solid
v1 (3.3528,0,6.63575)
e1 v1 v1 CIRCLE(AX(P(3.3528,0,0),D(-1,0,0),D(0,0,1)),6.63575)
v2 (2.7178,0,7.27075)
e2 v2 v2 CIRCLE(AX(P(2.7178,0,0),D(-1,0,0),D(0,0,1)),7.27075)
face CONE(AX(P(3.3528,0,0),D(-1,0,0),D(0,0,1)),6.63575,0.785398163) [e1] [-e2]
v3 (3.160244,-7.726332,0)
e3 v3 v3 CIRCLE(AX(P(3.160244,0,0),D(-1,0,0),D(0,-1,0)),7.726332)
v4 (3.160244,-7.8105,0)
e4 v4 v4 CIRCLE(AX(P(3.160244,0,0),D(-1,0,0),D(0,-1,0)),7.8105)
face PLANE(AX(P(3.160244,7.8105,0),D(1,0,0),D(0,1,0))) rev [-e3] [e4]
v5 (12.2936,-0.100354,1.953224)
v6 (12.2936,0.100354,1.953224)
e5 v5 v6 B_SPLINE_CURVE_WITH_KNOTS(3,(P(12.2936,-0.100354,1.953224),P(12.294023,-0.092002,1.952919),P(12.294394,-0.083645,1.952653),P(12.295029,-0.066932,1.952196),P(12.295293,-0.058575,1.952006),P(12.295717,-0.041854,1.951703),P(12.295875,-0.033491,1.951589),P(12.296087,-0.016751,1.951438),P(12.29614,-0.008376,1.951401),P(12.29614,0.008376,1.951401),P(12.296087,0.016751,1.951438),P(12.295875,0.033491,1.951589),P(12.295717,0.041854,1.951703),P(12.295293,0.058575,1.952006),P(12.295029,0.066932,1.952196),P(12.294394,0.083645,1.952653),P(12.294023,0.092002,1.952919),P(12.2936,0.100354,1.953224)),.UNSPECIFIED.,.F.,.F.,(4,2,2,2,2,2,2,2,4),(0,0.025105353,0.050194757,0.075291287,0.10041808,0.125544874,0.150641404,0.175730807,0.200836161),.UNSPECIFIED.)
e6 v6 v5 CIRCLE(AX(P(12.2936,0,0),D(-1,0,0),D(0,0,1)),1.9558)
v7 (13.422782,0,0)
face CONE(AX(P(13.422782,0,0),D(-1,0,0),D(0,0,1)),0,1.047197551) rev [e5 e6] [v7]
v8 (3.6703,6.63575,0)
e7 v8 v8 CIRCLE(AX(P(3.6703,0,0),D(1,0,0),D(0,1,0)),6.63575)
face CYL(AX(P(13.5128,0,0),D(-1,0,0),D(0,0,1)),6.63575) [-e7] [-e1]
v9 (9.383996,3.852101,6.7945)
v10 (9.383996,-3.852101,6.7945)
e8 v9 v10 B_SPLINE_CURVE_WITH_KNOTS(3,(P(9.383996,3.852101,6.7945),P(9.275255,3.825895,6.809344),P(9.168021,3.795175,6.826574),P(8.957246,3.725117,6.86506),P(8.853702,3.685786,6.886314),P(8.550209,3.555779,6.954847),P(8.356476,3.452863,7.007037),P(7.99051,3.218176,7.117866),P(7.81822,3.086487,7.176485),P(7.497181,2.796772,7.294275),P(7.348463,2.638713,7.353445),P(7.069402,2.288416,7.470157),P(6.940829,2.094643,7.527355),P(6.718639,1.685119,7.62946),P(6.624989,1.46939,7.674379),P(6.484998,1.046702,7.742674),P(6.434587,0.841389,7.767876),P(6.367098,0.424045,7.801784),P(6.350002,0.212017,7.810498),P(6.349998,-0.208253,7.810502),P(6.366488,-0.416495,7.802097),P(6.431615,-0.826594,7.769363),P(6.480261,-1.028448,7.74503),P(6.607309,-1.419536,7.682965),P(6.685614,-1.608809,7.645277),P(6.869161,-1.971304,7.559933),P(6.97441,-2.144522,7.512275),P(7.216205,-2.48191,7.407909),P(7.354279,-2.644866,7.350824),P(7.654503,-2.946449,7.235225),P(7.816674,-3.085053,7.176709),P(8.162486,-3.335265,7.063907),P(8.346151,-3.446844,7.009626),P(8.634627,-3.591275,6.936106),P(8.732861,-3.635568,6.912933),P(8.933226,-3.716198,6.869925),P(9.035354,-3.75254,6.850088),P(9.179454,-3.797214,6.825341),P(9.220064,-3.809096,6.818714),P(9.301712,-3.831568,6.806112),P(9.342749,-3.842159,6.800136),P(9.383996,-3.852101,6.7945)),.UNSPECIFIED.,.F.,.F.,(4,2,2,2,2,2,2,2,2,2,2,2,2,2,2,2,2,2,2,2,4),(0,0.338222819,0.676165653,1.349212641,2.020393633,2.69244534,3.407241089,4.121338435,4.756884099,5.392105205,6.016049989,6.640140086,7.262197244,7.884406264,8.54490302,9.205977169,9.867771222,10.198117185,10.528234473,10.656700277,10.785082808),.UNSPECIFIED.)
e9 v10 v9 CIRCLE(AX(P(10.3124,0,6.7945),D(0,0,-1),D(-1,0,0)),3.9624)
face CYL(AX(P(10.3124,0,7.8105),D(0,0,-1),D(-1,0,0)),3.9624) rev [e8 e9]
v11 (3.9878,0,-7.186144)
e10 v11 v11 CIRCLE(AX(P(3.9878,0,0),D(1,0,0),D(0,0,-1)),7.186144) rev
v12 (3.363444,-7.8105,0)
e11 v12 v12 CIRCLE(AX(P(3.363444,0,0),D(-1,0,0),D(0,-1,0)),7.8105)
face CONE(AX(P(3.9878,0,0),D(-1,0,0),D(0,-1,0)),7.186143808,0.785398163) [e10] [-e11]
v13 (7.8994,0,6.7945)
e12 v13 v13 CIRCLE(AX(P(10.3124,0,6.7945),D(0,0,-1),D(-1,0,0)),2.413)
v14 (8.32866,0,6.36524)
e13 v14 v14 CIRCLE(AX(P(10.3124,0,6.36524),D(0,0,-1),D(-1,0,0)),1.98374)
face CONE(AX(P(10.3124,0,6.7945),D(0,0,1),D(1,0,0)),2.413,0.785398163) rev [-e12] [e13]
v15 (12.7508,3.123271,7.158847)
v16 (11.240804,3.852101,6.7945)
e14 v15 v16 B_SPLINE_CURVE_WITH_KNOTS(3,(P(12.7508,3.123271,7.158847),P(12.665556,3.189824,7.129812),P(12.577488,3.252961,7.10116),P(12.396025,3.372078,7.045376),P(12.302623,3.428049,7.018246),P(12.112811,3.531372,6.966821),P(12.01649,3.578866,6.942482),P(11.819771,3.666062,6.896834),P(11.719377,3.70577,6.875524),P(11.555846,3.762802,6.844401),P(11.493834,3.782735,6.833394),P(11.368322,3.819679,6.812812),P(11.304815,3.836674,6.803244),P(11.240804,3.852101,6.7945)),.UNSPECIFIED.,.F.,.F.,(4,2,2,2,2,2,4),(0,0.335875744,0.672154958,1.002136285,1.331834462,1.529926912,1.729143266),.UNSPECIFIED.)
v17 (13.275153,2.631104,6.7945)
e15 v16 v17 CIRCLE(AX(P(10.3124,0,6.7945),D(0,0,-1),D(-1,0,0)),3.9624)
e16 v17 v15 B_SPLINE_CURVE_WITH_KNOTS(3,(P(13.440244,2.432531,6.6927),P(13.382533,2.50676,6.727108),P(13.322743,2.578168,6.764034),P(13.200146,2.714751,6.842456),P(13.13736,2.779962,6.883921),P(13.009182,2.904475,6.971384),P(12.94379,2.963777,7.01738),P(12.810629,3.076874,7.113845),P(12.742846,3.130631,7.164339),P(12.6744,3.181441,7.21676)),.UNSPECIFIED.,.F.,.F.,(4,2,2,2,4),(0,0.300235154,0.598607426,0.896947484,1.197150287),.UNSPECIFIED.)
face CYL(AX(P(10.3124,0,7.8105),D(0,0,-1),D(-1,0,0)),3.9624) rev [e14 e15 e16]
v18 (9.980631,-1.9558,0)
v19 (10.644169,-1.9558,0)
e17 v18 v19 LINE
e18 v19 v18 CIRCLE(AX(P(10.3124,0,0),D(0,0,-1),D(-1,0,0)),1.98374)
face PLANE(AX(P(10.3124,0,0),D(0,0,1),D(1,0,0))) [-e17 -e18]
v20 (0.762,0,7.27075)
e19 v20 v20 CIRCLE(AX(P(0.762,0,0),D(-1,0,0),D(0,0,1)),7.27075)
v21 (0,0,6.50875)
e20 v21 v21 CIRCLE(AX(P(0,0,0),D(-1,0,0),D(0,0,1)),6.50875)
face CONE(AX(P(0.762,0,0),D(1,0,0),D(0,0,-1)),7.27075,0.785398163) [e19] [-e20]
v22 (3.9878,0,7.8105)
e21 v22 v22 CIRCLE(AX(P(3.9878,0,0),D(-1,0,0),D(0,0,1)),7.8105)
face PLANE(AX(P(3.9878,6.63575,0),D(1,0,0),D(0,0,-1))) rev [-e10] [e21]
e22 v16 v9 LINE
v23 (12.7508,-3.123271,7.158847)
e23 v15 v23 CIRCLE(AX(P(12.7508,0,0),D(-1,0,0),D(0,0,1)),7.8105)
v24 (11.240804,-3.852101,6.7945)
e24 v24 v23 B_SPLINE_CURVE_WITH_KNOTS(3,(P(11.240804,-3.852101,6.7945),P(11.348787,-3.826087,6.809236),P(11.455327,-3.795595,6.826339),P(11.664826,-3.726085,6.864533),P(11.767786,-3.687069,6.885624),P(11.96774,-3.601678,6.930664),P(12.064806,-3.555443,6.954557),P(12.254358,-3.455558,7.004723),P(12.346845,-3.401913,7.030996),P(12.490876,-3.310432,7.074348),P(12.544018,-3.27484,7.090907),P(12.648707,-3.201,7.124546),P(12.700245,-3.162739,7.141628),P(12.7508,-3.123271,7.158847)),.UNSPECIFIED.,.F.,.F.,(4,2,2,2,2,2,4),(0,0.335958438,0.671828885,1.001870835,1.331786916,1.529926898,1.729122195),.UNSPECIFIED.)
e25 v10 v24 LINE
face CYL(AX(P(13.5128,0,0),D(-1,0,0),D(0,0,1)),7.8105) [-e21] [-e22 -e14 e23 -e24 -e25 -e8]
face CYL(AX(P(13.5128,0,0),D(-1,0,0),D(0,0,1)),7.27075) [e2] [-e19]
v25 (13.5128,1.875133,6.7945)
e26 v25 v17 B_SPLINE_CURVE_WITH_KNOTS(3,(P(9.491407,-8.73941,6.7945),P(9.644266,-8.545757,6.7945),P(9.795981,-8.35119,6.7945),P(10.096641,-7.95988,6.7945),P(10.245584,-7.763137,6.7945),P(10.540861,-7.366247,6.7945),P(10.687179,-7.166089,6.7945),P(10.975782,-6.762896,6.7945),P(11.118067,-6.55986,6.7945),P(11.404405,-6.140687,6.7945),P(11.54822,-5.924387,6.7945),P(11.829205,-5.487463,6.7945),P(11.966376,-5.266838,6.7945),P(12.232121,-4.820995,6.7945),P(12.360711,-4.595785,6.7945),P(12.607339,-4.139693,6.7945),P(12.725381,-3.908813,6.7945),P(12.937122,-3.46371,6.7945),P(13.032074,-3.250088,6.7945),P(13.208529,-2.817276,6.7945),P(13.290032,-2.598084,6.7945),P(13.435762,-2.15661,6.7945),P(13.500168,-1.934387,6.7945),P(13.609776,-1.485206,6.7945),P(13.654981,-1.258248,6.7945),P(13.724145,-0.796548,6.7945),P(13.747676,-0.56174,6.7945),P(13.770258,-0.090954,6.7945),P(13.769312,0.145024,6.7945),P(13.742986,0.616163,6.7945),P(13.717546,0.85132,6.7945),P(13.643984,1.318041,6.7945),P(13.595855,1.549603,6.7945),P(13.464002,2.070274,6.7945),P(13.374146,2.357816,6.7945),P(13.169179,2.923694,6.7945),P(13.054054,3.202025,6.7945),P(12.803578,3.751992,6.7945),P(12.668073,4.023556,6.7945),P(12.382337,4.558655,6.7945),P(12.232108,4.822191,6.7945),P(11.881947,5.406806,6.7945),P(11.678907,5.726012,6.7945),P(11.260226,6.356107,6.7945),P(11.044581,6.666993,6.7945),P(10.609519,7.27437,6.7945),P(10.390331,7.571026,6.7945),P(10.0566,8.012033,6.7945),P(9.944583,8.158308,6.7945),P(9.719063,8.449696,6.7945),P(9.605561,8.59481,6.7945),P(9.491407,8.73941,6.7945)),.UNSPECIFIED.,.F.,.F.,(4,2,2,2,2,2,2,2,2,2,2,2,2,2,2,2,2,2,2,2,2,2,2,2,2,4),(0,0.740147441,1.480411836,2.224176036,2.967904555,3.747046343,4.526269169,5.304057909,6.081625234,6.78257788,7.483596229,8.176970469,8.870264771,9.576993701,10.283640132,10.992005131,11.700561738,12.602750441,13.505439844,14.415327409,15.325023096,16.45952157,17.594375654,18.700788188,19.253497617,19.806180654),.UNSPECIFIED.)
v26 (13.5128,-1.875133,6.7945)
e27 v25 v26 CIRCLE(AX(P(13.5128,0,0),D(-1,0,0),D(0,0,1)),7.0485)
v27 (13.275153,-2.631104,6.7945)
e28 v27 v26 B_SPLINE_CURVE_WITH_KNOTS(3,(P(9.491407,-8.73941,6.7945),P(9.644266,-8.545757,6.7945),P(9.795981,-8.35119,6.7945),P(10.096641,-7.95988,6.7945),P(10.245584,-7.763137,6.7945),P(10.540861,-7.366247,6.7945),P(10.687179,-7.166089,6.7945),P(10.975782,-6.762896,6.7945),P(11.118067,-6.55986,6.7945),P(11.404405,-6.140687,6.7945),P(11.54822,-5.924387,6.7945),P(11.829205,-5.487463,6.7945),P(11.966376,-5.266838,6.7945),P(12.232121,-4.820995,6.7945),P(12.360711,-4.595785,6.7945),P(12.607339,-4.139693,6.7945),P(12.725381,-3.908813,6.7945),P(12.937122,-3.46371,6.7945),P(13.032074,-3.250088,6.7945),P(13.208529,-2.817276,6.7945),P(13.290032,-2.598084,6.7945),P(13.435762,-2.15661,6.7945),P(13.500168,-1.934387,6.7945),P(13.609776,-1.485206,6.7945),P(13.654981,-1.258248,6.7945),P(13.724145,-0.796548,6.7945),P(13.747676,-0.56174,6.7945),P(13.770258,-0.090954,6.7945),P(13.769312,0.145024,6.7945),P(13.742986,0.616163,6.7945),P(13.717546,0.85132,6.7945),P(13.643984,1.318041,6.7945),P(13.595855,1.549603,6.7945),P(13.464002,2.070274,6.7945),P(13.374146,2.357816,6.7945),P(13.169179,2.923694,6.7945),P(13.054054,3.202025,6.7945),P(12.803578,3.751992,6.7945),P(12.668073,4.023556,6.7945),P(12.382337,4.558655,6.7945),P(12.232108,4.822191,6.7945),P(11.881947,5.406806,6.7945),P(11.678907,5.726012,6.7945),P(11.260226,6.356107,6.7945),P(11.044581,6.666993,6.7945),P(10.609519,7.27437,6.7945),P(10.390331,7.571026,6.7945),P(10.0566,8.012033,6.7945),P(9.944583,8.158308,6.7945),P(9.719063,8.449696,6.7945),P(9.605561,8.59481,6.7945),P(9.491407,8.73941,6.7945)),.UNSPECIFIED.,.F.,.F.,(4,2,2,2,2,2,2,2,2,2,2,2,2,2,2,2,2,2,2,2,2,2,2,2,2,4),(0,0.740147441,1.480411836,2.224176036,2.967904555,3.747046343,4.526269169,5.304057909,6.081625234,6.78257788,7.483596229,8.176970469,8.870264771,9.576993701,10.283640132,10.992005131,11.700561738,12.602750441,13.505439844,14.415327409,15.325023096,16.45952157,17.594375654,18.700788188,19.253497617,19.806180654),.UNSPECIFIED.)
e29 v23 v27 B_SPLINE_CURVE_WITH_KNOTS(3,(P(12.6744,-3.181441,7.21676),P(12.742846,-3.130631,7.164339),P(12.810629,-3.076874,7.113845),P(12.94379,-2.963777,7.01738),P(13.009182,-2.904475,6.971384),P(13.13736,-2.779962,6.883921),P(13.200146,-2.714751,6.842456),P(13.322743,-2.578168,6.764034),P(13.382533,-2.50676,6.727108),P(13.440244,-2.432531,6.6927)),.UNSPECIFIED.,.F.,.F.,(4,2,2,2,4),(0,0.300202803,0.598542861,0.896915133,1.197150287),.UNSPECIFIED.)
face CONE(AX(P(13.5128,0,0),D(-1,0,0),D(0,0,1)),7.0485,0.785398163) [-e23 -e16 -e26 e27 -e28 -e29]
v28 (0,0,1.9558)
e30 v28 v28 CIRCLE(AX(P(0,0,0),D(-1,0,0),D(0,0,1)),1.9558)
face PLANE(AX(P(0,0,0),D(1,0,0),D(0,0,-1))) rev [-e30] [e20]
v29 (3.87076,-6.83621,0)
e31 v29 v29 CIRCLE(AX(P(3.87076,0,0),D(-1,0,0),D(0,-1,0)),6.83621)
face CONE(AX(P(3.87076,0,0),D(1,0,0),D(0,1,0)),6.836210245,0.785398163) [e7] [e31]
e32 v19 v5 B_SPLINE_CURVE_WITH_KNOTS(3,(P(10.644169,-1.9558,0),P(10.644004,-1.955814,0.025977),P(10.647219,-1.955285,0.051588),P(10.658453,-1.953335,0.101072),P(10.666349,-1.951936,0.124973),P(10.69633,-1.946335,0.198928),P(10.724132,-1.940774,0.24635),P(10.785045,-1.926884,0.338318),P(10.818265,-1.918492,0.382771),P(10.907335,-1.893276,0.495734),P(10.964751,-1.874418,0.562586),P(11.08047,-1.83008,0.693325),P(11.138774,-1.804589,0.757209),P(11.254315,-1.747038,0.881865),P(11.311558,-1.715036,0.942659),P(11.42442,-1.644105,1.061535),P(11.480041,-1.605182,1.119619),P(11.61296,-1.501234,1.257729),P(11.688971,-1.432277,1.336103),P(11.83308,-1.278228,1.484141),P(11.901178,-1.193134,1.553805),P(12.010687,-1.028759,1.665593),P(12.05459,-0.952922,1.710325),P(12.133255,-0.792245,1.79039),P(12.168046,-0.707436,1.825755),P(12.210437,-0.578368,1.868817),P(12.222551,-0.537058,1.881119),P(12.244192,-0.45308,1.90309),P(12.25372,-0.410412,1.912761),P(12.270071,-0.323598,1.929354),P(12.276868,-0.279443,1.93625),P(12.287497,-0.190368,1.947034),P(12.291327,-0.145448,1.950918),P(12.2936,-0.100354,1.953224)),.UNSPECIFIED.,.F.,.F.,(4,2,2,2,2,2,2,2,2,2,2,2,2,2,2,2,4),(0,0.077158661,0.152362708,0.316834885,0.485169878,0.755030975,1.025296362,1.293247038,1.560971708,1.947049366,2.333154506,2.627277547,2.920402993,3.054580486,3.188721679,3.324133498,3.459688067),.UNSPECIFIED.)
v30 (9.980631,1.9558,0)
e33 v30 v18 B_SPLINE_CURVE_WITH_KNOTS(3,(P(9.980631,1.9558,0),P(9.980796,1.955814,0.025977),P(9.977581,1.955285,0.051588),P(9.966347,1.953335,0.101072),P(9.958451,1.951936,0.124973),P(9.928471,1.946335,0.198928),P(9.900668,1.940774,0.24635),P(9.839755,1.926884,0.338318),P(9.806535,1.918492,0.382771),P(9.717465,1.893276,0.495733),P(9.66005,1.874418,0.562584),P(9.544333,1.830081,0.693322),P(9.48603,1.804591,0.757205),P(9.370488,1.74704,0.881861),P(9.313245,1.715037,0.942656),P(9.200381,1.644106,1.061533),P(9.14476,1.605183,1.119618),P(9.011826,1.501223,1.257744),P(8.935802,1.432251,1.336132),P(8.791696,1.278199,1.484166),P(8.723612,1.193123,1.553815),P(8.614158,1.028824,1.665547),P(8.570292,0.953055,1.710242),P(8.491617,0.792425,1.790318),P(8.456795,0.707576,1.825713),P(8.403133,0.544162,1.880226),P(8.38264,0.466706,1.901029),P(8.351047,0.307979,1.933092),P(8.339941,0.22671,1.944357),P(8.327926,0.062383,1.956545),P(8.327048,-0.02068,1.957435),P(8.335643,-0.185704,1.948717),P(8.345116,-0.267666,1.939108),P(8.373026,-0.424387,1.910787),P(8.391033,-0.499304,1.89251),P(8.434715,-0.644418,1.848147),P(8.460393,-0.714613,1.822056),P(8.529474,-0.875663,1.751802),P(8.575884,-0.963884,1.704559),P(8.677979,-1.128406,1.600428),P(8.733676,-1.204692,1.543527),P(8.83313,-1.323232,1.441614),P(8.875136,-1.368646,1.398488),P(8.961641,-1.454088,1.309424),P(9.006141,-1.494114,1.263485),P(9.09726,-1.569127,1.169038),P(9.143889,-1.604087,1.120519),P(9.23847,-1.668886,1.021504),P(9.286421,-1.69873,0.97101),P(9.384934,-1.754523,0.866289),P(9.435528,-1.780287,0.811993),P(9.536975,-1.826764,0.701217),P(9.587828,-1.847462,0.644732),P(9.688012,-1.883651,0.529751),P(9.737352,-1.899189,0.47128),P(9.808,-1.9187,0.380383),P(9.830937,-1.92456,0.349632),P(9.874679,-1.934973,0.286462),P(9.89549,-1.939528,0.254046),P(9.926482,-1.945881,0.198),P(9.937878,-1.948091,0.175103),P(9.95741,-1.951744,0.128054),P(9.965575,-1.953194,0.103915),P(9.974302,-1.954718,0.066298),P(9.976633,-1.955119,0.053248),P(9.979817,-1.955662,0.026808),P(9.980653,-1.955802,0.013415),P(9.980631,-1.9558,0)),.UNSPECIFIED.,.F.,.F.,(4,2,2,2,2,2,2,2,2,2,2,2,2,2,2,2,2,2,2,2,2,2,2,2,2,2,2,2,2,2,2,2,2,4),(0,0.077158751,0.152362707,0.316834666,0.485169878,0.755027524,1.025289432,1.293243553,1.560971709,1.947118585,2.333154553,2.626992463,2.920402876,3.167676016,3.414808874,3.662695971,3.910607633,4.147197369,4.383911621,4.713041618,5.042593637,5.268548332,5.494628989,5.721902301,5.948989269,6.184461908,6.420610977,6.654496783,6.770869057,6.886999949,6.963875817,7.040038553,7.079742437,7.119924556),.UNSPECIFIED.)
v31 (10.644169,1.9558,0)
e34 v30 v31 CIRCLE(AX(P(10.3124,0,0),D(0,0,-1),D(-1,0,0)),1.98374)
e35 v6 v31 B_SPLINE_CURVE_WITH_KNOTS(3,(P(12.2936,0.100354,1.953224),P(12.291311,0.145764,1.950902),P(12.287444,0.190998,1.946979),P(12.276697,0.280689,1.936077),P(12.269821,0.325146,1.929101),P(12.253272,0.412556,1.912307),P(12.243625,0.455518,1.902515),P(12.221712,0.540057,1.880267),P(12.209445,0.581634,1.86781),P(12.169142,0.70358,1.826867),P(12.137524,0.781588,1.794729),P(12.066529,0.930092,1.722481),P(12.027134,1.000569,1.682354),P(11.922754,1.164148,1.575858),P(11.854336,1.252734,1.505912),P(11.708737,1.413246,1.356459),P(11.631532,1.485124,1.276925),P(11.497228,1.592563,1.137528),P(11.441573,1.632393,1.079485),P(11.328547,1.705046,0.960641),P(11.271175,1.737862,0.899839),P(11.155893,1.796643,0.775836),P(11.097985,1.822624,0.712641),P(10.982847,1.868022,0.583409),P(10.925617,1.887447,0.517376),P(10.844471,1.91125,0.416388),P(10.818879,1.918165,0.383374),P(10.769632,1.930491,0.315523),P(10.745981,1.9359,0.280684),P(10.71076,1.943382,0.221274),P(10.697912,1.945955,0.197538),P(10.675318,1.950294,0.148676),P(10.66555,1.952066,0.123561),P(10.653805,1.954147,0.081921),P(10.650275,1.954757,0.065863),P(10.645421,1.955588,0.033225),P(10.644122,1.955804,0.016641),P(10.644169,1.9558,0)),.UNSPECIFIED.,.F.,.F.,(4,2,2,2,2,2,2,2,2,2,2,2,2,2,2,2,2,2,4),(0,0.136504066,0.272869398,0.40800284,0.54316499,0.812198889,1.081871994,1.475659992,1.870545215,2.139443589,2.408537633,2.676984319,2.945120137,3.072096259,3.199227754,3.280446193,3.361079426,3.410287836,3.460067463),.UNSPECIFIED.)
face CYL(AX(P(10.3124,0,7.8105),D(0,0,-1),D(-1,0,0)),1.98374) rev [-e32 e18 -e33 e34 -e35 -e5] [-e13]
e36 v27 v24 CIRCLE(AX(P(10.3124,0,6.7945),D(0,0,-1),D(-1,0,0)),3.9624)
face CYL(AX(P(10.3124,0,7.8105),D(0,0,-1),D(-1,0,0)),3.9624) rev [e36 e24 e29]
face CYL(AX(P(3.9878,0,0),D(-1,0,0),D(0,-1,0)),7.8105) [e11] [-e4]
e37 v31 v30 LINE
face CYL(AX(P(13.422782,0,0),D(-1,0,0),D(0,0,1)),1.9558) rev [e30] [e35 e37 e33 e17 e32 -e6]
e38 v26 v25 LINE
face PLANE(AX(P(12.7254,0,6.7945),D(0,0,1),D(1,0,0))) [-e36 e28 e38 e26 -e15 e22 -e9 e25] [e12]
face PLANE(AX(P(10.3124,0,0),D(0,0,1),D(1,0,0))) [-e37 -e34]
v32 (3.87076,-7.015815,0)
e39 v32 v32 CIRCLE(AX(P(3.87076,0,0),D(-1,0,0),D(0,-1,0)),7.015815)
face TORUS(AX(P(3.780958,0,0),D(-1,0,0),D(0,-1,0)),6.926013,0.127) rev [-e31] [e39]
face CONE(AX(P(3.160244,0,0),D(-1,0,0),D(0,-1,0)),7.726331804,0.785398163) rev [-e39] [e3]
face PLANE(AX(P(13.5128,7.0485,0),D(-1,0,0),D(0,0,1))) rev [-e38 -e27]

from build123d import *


with BuildPart() as part:
    # Sketch1 → Revolve1 (revolve)
    with BuildSketch(Plane.XY):
        Polygon((0, 0), (0, 6.50875), (0.762, 7.27075), (2.7178, 7.27075), (3.3528, 6.63575), (3.9878, 6.63575), (3.9878, 7.8105), (12.7508, 7.8105), (13.5128, 7.0485), (13.5128, 0), align=None)
    revolve(axis=Axis((13.5128, 0, 0), (-1, 0, 0)))

    # Sketch2 → Cut-Revolve1 (revolve, cut)
    with BuildSketch(Plane.XY):
        Polygon((0, 0), (0, 1.9558), (12.2936, 1.9558), (13.422781656, 0), align=None)
    revolve(axis=Axis((13.422781656, 0, 0), (-1, 0, 0)), mode=Mode.SUBTRACT)

    # Sketch3 → Cut-Revolve2 (revolve, cut)
    with BuildSketch(Plane(origin=(0, 0, 0), x_dir=(1, 0, 0), z_dir=(0, 1, 0))):
        Polygon((10.3124, 0), (12.29614, 0), (12.29614, -6.36524), (12.7254, -6.7945), (14.2748, -6.7945), (14.2748, -7.8105), (10.3124, -7.8105), align=None)
    revolve(axis=Axis((10.3124, 0, 7.8105), (0, 0, -1)), mode=Mode.SUBTRACT)

    # Sketch4 → Revolve2 (revolve)
    with BuildSketch(Plane.XY):
        with BuildLine():
            Line((3.160243808, 7.8105), (3.160243808, 7.726331804))
            Line((3.160243808, 7.726331804), (3.870760245, 7.015815367))
            ThreePointArc((3.870760245, 7.015815367), (3.907957684, 6.926012806), (3.870760245, 6.836210245))
            Line((3.870760245, 6.836210245), (3.6703, 6.63575))
            Line((3.6703, 6.63575), (3.3528, 6.63575))
            Line((3.3528, 6.63575), (3.3528, 6.38175))
            Line((3.3528, 6.38175), (3.9878, 6.38175))
            Line((3.9878, 6.38175), (3.9878, 7.186143808))
            Line((3.9878, 7.186143808), (3.363443808, 7.8105))
            Line((3.363443808, 7.8105), (3.160243808, 7.8105))
        make_face()
    revolve(axis=Axis((3.9878, 0, 0), (-1, 0, 0)))


solid = part.part
